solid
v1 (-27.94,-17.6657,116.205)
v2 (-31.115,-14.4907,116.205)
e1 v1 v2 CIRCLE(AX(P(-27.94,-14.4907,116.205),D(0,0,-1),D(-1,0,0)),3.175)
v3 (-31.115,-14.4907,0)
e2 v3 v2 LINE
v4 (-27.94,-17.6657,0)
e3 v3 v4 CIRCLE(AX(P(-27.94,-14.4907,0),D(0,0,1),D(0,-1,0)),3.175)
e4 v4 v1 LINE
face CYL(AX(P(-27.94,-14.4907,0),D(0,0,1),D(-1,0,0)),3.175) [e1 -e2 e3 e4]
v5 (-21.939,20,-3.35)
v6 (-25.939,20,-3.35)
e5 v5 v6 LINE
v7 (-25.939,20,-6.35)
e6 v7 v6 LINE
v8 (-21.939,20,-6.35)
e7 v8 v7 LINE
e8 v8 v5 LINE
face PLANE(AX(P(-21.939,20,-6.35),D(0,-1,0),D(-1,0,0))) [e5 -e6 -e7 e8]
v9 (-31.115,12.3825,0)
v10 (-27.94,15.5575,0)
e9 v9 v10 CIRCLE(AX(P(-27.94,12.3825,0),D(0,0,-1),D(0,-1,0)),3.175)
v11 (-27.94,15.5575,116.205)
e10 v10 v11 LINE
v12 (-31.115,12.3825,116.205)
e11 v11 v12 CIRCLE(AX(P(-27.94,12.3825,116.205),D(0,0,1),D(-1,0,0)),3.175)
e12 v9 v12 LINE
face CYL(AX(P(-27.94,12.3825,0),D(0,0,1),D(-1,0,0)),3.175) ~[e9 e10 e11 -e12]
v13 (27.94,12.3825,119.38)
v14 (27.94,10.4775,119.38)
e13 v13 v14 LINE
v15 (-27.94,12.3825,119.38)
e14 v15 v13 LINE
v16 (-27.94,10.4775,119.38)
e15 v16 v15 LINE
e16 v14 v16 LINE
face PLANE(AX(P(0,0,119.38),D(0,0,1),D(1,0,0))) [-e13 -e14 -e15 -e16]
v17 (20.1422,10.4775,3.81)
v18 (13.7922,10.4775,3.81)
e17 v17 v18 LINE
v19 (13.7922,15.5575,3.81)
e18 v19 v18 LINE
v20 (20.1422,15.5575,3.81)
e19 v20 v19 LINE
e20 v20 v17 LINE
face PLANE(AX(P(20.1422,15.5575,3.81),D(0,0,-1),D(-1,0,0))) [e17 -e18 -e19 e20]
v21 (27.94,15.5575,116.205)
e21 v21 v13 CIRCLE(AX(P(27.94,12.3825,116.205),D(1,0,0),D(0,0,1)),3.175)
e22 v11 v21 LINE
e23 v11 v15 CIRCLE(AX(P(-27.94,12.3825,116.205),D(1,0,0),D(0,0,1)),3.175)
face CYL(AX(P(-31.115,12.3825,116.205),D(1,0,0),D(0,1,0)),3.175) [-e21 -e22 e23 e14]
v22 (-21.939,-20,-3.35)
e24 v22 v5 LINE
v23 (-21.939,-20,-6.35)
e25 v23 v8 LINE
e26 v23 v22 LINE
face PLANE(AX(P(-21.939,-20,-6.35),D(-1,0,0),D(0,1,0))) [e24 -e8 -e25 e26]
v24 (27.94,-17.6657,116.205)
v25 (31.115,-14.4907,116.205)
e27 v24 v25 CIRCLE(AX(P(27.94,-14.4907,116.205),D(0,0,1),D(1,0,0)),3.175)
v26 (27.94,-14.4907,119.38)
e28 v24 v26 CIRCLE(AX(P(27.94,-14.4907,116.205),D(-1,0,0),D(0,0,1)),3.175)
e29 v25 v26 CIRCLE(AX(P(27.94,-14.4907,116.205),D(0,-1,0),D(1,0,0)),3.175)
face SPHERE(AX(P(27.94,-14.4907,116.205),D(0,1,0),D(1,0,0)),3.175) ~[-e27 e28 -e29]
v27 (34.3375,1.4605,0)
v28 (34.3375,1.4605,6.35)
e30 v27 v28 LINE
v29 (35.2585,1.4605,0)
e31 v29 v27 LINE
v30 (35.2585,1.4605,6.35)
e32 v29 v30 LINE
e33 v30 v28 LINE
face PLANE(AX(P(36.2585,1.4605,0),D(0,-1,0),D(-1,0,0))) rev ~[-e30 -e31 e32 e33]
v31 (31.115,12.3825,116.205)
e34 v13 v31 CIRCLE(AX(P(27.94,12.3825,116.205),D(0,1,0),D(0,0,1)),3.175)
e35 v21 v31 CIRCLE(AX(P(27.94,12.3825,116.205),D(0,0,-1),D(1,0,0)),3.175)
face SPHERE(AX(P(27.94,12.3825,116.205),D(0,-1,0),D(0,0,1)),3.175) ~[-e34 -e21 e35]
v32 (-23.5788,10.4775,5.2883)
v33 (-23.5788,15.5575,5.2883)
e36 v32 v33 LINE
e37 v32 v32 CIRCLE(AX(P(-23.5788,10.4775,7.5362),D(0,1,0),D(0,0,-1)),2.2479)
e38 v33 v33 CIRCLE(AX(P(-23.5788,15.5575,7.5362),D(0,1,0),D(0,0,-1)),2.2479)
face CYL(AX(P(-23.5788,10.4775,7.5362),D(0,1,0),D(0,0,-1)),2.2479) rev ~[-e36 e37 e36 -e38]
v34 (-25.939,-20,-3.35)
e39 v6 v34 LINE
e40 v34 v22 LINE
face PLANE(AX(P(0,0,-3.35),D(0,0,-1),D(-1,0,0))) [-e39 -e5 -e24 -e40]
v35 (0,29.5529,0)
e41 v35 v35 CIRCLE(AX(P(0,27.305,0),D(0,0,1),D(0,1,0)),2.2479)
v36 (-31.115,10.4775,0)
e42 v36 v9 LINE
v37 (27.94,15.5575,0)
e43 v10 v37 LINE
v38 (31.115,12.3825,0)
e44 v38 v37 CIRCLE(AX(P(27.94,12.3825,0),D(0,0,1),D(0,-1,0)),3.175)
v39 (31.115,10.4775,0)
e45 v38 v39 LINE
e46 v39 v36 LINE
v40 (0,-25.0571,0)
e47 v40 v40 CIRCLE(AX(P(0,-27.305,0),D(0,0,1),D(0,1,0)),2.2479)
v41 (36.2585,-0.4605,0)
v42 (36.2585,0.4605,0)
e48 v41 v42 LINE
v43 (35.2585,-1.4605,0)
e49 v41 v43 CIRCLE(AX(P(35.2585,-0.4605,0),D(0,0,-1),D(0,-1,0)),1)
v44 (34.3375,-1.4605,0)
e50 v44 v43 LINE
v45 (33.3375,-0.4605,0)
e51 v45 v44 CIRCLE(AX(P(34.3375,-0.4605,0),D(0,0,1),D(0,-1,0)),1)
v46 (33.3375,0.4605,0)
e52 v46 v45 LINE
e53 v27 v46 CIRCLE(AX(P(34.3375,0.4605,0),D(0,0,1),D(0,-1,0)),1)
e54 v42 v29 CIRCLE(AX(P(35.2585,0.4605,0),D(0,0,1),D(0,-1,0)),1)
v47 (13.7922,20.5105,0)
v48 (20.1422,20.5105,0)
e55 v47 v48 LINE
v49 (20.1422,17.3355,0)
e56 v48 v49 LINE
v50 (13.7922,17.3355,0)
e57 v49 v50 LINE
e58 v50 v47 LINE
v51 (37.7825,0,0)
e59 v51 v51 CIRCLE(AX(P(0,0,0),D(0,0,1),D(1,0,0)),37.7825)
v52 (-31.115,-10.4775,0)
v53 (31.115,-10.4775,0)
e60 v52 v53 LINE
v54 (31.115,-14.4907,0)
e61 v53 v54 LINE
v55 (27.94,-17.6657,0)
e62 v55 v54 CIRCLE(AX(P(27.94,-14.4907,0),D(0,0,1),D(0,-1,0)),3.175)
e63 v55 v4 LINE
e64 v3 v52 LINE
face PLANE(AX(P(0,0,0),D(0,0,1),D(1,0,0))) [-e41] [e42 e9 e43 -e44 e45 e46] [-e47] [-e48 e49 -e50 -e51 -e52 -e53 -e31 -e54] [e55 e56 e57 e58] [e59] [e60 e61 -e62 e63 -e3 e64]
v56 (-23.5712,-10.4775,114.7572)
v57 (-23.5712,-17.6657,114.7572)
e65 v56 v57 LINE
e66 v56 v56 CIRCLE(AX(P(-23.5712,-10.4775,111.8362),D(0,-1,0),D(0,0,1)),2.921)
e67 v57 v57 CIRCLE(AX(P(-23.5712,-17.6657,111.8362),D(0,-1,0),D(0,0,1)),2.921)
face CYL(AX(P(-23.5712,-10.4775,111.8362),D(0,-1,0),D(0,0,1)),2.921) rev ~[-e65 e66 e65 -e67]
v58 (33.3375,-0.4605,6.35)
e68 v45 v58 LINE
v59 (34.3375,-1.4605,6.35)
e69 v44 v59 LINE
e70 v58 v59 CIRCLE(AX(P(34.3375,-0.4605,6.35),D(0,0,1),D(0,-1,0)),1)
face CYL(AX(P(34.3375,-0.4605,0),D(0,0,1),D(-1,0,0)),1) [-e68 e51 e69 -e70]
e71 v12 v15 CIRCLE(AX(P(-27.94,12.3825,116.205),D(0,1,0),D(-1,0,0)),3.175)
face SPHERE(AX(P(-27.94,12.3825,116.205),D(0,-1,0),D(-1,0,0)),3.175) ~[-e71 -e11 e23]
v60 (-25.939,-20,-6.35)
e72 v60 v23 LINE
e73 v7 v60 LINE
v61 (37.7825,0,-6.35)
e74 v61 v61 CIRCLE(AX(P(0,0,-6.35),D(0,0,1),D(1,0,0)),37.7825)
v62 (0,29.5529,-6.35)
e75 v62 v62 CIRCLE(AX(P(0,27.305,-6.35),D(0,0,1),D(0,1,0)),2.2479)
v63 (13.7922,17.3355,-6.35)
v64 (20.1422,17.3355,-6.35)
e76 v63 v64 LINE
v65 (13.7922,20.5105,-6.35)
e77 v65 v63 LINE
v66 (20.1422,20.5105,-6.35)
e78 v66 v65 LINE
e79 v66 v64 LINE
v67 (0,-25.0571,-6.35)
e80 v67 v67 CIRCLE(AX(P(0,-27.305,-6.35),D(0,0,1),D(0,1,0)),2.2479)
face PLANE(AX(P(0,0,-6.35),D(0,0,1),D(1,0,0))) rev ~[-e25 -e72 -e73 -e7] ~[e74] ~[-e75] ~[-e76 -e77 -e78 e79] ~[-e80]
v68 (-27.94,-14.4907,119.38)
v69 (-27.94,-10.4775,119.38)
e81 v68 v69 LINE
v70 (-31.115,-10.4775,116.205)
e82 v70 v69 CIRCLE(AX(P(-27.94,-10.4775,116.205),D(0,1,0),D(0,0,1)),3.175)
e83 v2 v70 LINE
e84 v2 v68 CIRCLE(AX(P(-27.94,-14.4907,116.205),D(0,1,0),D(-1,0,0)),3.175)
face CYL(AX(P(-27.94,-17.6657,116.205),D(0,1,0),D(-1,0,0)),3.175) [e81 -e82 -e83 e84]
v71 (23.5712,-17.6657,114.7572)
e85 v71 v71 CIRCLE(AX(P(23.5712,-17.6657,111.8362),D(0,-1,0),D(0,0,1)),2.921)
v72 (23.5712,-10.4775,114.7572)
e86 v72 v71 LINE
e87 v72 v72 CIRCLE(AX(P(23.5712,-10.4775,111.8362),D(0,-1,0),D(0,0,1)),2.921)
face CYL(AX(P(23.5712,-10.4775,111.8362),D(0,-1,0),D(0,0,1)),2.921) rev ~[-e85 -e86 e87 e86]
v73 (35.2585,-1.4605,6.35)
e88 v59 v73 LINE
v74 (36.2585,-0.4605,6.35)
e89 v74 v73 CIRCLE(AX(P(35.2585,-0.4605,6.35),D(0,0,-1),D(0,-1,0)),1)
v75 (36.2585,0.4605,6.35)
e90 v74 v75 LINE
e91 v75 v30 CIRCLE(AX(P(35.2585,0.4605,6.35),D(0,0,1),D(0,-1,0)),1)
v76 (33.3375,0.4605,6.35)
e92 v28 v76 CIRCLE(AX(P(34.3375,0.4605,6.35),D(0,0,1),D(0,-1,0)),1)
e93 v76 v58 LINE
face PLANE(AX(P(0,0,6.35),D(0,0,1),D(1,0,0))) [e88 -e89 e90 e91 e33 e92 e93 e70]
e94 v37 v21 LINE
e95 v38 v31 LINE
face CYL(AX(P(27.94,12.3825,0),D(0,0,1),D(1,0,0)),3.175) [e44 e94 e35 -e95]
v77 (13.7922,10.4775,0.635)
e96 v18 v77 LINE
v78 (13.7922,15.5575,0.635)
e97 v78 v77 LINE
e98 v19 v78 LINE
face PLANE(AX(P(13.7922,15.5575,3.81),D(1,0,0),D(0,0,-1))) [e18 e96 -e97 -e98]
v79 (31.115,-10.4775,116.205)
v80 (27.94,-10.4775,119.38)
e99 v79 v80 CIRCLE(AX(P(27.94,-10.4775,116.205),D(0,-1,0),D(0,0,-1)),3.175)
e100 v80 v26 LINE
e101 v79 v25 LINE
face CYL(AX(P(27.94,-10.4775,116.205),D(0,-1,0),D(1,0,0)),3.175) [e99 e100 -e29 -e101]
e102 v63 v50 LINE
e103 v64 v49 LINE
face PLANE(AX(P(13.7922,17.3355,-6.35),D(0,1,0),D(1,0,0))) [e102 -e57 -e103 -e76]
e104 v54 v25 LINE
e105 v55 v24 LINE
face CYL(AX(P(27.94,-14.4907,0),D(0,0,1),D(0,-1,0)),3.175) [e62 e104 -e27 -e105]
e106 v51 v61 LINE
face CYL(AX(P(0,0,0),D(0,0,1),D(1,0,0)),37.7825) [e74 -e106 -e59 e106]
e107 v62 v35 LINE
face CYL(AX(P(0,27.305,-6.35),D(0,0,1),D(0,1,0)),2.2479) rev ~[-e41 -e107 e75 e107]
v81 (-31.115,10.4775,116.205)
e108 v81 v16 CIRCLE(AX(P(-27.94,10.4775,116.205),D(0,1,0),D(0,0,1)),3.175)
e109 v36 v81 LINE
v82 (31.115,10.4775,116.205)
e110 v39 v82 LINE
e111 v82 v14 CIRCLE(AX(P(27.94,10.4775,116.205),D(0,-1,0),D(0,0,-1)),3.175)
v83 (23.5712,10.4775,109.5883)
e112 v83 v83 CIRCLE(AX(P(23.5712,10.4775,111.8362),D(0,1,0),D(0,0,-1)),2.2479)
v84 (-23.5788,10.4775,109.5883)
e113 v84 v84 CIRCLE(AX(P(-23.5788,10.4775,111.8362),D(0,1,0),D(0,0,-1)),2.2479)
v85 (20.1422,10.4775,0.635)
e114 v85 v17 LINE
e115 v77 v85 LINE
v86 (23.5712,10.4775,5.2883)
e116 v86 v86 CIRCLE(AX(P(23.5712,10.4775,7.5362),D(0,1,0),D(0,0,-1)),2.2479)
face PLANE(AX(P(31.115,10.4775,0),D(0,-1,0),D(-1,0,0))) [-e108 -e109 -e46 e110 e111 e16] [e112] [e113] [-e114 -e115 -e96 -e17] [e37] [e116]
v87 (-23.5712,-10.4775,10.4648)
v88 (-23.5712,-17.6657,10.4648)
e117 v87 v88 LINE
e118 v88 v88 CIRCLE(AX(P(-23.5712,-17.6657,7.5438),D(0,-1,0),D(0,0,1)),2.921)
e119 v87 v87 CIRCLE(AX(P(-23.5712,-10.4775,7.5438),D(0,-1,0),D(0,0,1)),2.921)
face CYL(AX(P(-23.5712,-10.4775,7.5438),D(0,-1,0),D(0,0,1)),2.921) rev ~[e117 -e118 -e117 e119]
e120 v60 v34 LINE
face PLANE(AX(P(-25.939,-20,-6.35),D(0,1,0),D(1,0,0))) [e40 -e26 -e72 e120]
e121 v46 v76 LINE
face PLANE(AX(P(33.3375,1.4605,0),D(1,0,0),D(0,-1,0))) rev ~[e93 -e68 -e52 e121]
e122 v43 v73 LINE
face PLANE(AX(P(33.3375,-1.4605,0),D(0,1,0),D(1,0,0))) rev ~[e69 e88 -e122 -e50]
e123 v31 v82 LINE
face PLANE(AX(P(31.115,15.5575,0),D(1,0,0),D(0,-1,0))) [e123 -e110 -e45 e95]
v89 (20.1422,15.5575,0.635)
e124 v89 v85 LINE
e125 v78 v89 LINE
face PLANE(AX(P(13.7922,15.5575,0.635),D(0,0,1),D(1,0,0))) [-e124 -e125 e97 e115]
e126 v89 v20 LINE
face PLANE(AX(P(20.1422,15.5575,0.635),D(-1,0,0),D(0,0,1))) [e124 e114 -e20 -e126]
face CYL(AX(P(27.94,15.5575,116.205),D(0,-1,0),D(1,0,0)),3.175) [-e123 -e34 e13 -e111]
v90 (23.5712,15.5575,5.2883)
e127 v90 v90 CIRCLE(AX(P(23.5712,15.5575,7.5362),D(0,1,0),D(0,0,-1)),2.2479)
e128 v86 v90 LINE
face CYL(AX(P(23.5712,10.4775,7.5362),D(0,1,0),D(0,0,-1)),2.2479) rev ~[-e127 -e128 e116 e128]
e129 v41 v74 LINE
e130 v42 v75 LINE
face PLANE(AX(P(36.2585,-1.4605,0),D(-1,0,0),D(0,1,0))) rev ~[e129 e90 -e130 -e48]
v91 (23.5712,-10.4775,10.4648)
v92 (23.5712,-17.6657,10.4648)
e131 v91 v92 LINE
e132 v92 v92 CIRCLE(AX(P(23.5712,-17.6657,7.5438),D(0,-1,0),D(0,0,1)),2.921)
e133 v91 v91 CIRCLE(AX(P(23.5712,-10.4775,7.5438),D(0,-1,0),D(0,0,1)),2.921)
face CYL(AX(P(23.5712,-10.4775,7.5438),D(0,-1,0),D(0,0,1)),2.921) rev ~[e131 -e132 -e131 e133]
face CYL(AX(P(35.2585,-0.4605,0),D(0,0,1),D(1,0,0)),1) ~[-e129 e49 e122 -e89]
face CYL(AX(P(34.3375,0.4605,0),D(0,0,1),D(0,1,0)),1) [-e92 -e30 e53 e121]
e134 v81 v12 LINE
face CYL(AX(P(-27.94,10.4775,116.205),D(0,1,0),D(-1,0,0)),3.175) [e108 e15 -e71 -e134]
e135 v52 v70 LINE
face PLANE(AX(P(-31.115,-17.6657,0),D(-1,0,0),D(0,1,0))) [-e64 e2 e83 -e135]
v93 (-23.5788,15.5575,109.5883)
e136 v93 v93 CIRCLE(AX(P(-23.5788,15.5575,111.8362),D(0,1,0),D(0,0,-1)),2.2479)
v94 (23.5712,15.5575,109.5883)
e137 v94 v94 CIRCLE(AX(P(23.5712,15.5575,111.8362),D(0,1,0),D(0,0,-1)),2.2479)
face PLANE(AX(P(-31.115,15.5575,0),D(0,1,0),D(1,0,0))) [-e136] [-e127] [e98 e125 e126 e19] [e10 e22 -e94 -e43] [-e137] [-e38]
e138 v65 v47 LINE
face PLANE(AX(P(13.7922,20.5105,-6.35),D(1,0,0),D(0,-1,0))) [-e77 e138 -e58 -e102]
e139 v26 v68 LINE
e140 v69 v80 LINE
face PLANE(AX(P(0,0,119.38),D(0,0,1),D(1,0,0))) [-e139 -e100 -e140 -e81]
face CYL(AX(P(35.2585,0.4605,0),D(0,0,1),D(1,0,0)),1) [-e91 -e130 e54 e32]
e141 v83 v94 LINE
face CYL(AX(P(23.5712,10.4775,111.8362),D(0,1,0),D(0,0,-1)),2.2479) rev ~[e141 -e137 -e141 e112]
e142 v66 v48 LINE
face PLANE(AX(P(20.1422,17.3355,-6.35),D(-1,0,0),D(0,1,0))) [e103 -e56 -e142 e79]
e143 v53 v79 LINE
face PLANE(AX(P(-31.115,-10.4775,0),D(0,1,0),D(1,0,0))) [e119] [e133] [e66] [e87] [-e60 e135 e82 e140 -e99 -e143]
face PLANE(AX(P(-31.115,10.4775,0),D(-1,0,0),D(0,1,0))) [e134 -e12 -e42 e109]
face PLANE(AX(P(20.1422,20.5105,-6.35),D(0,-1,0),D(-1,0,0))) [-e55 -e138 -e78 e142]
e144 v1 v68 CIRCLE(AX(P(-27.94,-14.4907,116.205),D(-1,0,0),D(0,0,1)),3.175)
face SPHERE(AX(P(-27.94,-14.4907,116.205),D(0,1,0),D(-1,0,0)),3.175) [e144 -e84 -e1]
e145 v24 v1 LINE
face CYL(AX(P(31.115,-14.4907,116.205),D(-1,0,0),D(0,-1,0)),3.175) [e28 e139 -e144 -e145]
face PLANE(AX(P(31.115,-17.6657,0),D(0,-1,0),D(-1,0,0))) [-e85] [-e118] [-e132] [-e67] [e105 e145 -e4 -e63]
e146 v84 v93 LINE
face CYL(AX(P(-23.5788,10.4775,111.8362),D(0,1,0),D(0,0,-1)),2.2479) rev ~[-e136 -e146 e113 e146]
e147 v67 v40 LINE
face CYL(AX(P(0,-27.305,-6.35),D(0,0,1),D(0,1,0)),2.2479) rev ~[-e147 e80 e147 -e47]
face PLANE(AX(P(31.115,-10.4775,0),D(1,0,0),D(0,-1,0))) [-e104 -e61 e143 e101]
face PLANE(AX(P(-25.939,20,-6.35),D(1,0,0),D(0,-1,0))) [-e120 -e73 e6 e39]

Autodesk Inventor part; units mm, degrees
ref_plane "YZ Plane" through (0, 0, 0) normal (1, 0, 0) x (0, 1, 0)
ref_plane "XZ Plane" through (0, 0, 0) normal (0, 1, 0) x (-1, 0, 0)
ref_plane "XY Plane" through (0, 0, 0) normal (0, 0, 1) x (1, 0, 0)
sketch "Sketch1" plane through (0, 0, 0) normal (0, 0, 1) x (1, 0, 0)
  circle A0 centre (0, 0) radius 37.7825
  dimension "d0" = 75.565
extrude "Extrusion1" add sketch "Sketch1" against normal blind 6.35
sketch "Sketch2" plane through (0, 0, 0) normal (0, 0, 1) x (1, 0, 0)
  line L0 (-31.115, -10.4775) -> (31.115, -10.4775)
  line L1 (31.115, -10.4775) -> (31.115, -17.6657)
  line L2 (31.115, -17.6657) -> (-31.115, -17.6657)
  line L3 (-31.115, -17.6657) -> (-31.115, -10.4775)
  line L4 (-31.115, 15.5575) -> (31.115, 15.5575)
  line L5 (31.115, 15.5575) -> (31.115, 10.4775)
  line L6 (31.115, 10.4775) -> (-31.115, 10.4775)
  line L7 (-31.115, 10.4775) -> (-31.115, 15.5575)
  point P0 (0, 0)
  point P1 (31.115, -14.0716)
  point P2 (31.115, 13.0175)
  dimension "d3" = 7.1882
  dimension "d4" = 62.23
  dimension "d5" = 31.115
  dimension "d6" = 10.4775
  dimension "d10" = 62.23
  dimension "d11" = 31.115
  dimension "d12" = 10.4775
  dimension "d13" = 5.08
extrude "Extrusion2" add sketch "Sketch2" along normal blind 119.38
fillet "Fillet1" radius 3.175 5 edges at (-31.115, -14.0716, 119.38) (31.115, -14.0716, 119.38) (31.115, -17.6657, 59.69) (-31.115, -17.6657, 59.69) (0, -17.6657, 119.38)
fillet "Fillet2" radius 3.175 5 edges at (-31.115, 13.0175, 119.38) (31.115, 13.0175, 119.38) (-31.115, 15.5575, 59.69) (0, 15.5575, 119.38) (31.115, 15.5575, 59.69)
sketch "Sketch3" plane through (-31.115, -10.4775, 0) normal (0, 1, 0) x (1, 0, 0)
  line L0 (0, -116.205) -> (0, 0) projected
  line L1 (59.055, -119.38) -> (3.175, -119.38) projected
  line L2 (62.23, 0) -> (62.23, -116.205) projected
  line L3 (59.055, 0) -> (3.175, 0) projected
  point P0 (31.115, 0)
  point P1 (7.5438, -111.8362)
  point P2 (7.5438, -7.5438)
  point P3 (54.6862, -7.5438)
  point P4 (54.6862, -111.8362)
  dimension "d15" = 7.5438
  dimension "d16" = 7.5438
  dimension "d17" = 7.5438
  dimension "d18" = 7.5438
  dimension "d19" = 7.5438
  dimension "d20" = 7.5438
  dimension "d21" = 7.5438
  dimension "d22" = 7.5438
hole "Hole1" at (-23.5712, -10.4775, 111.8362) at (-23.5712, -10.4775, 7.5438) at (23.5712, -10.4775, 7.5438) at (23.5712, -10.4775, 111.8362) direction (0, -1, 0) diameter 5.842 end through all
sketch "Sketch4" plane through (-31.115, 10.4775, 0) normal (0, -1, 0) x (1, 0, 0)
  circle A0 centre (54.6862, 111.8362) radius 2.1717 projected
  circle A1 centre (54.6862, 7.5362) radius 2.1717 projected
  circle A2 centre (7.5362, 7.5362) radius 2.1717 projected
  circle A3 centre (7.5362, 111.8362) radius 2.1717 projected
  point P0 (31.115, 0)
hole "Hole2" at (23.5712, 10.4775, 111.8362) at (-23.5788, 10.4775, 111.8362) at (-23.5788, 10.4775, 7.5362) at (23.5712, 10.4775, 7.5362) direction (0, 1, 0) diameter 4.4958 end through all clearance for "Flat Head Machine Screw (82)" size "#8" standard "Ansi Unified Screw Threads"
sketch "Sketch5" plane through (0, 0, -6.35) normal (0, 0, -1) x (-1, 0, 0)
  circle A0 centre (0, 27.305) radius 2.921 projected
  arc A1 (-0.6096, -25.2301) -> (-0.6096, -29.3799) centre (0, -27.305) ccw projected
  point P0 (0, 0)
hole "Hole3" at (0, 27.305, -6.35) at (0, -27.305, -6.35) direction (0, 0, 1) diameter 4.4958 end through all clearance for "Flat Head Machine Screw (82)" size "#8" standard "Ansi Unified Screw Threads"
sketch "Sketch7" plane through (0, 0, -6.35) normal (0, 0, -1) x (-1, 0, 0)
  line L0 (21.939, 20) -> (25.939, 20)
  line L1 (25.939, 20) -> (25.939, -20)
  line L2 (25.939, -20) -> (21.939, -20)
  line L3 (21.939, -20) -> (21.939, 20)
  line L4 (22.439, -16.8541) -> (22.439, 16.8541) projected
  line L5 (25.439, 16.8541) -> (25.439, -16.8541) projected
  point P0 (0, 0)
  point P1 (23.939, -20)
  point P2 (23.939, 20)
  dimension "d51" = 4
  dimension "d53" = 0.5
  dimension "d54" = 40
  dimension "d55" = 20
extrude "Extrusion4" cut sketch "Sketch7" against normal blind 3
sketch "Sketch8" plane through (0, 0, -6.35) normal (0, 0, -1) x (-1, 0, 0)
  line L0 (27.94, 15.5575) -> (-27.94, 15.5575) projected
  line L1 (-20.1422, 20.5105) -> (-13.7922, 20.5105)
  line L2 (-13.7922, 20.5105) -> (-13.7922, 17.3355)
  line L3 (-13.7922, 17.3355) -> (-20.1422, 17.3355)
  line L4 (-20.1422, 17.3355) -> (-20.1422, 20.5105)
  line L5 (-20.1422, 20.3225) -> (-20.1422, 16.7818)
  point P0 (0, 0)
  dimension "d58" = 6.35
  dimension "d59" = 3.175
  dimension "d60" = 0
  dimension "d61" = 1.778
extrude "Extrusion5" cut sketch "Sketch8" against normal through all
sketch "Sketch9" plane through (-27.94, 15.5575, 0) normal (0, 1, 0) x (1, 0, 0)
  line L0 (41.7322, -0.635) -> (48.0822, -0.635)
  line L1 (48.0822, -0.635) -> (48.0822, -3.81)
  line L2 (48.0822, -3.81) -> (41.7322, -3.81)
  line L3 (41.7322, -3.81) -> (41.7322, -0.635)
  line L4 (-9.8425, 0) -> (65.7225, 0) projected
  point P0 (27.94, 0)
  point P1 (41.7322, 0)
  point P2 (48.0822, 0)
  point P3 (48.0822, -2.2225)
  dimension "d64" = 0
  dimension "d66" = 0
  dimension "d67" = 0.635
  dimension "d68" = 3.175
extrude "Extrusion6" cut sketch "Sketch9" against normal up to next
sketch "Sketch10" plane through (0, 0, 0) normal (0, 0, 1) x (1, 0, 0)
  line L0 (33.2105, 1.5875) -> (36.3855, 1.5875)
  line L1 (36.3855, 1.5875) -> (36.3855, -1.5875)
  line L2 (36.3855, -1.5875) -> (33.2105, -1.5875)
  line L3 (33.2105, -1.5875) -> (33.2105, 1.5875)
  circle A0 centre (0, 0) radius 37.7825 projected
  line L4 (36.2585, 1.4605) -> (33.3375, 1.4605)
  line L5 (33.3375, 1.4605) -> (33.3375, -1.4605)
  line L6 (33.3375, -1.4605) -> (36.2585, -1.4605)
  line L7 (36.2585, -1.4605) -> (36.2585, 1.4605)
  dimension "d71" = 3.175
  dimension "d72" = 3.175
  dimension "d73" = 36.3855
  dimension "d74" = 37.7825
  dimension "d75" = 0.127
  dimension "d79" = 1.5875
extrude "Extrusion7" add sketch "Sketch10" along normal blind 6.35 contours L7 L6 L5 L4
fillet "Fillet4" radius 1 4 edges at (33.3375, 1.4605, 3.175) (36.2585, 1.4605, 3.175) (36.2585, -1.4605, 3.175) (33.3375, -1.4605, 3.175)
equation "\"d5\" = 0.5 * d4"
equation "\"d10\" = d4"
equation "\"d11\" = 0.5 * d10"
equation "\"d12\" = d6"
equation "\"d16\" = d15"
equation "\"d17\" = d16"
equation "\"d18\" = d16"
equation "\"d19\" = d17"
equation "\"d20\" = d19"
equation "\"d21\" = d15"
equation "\"d22\" = d21"
properties part number "Supportv2_3dprinted" material "ABS Plastic"
